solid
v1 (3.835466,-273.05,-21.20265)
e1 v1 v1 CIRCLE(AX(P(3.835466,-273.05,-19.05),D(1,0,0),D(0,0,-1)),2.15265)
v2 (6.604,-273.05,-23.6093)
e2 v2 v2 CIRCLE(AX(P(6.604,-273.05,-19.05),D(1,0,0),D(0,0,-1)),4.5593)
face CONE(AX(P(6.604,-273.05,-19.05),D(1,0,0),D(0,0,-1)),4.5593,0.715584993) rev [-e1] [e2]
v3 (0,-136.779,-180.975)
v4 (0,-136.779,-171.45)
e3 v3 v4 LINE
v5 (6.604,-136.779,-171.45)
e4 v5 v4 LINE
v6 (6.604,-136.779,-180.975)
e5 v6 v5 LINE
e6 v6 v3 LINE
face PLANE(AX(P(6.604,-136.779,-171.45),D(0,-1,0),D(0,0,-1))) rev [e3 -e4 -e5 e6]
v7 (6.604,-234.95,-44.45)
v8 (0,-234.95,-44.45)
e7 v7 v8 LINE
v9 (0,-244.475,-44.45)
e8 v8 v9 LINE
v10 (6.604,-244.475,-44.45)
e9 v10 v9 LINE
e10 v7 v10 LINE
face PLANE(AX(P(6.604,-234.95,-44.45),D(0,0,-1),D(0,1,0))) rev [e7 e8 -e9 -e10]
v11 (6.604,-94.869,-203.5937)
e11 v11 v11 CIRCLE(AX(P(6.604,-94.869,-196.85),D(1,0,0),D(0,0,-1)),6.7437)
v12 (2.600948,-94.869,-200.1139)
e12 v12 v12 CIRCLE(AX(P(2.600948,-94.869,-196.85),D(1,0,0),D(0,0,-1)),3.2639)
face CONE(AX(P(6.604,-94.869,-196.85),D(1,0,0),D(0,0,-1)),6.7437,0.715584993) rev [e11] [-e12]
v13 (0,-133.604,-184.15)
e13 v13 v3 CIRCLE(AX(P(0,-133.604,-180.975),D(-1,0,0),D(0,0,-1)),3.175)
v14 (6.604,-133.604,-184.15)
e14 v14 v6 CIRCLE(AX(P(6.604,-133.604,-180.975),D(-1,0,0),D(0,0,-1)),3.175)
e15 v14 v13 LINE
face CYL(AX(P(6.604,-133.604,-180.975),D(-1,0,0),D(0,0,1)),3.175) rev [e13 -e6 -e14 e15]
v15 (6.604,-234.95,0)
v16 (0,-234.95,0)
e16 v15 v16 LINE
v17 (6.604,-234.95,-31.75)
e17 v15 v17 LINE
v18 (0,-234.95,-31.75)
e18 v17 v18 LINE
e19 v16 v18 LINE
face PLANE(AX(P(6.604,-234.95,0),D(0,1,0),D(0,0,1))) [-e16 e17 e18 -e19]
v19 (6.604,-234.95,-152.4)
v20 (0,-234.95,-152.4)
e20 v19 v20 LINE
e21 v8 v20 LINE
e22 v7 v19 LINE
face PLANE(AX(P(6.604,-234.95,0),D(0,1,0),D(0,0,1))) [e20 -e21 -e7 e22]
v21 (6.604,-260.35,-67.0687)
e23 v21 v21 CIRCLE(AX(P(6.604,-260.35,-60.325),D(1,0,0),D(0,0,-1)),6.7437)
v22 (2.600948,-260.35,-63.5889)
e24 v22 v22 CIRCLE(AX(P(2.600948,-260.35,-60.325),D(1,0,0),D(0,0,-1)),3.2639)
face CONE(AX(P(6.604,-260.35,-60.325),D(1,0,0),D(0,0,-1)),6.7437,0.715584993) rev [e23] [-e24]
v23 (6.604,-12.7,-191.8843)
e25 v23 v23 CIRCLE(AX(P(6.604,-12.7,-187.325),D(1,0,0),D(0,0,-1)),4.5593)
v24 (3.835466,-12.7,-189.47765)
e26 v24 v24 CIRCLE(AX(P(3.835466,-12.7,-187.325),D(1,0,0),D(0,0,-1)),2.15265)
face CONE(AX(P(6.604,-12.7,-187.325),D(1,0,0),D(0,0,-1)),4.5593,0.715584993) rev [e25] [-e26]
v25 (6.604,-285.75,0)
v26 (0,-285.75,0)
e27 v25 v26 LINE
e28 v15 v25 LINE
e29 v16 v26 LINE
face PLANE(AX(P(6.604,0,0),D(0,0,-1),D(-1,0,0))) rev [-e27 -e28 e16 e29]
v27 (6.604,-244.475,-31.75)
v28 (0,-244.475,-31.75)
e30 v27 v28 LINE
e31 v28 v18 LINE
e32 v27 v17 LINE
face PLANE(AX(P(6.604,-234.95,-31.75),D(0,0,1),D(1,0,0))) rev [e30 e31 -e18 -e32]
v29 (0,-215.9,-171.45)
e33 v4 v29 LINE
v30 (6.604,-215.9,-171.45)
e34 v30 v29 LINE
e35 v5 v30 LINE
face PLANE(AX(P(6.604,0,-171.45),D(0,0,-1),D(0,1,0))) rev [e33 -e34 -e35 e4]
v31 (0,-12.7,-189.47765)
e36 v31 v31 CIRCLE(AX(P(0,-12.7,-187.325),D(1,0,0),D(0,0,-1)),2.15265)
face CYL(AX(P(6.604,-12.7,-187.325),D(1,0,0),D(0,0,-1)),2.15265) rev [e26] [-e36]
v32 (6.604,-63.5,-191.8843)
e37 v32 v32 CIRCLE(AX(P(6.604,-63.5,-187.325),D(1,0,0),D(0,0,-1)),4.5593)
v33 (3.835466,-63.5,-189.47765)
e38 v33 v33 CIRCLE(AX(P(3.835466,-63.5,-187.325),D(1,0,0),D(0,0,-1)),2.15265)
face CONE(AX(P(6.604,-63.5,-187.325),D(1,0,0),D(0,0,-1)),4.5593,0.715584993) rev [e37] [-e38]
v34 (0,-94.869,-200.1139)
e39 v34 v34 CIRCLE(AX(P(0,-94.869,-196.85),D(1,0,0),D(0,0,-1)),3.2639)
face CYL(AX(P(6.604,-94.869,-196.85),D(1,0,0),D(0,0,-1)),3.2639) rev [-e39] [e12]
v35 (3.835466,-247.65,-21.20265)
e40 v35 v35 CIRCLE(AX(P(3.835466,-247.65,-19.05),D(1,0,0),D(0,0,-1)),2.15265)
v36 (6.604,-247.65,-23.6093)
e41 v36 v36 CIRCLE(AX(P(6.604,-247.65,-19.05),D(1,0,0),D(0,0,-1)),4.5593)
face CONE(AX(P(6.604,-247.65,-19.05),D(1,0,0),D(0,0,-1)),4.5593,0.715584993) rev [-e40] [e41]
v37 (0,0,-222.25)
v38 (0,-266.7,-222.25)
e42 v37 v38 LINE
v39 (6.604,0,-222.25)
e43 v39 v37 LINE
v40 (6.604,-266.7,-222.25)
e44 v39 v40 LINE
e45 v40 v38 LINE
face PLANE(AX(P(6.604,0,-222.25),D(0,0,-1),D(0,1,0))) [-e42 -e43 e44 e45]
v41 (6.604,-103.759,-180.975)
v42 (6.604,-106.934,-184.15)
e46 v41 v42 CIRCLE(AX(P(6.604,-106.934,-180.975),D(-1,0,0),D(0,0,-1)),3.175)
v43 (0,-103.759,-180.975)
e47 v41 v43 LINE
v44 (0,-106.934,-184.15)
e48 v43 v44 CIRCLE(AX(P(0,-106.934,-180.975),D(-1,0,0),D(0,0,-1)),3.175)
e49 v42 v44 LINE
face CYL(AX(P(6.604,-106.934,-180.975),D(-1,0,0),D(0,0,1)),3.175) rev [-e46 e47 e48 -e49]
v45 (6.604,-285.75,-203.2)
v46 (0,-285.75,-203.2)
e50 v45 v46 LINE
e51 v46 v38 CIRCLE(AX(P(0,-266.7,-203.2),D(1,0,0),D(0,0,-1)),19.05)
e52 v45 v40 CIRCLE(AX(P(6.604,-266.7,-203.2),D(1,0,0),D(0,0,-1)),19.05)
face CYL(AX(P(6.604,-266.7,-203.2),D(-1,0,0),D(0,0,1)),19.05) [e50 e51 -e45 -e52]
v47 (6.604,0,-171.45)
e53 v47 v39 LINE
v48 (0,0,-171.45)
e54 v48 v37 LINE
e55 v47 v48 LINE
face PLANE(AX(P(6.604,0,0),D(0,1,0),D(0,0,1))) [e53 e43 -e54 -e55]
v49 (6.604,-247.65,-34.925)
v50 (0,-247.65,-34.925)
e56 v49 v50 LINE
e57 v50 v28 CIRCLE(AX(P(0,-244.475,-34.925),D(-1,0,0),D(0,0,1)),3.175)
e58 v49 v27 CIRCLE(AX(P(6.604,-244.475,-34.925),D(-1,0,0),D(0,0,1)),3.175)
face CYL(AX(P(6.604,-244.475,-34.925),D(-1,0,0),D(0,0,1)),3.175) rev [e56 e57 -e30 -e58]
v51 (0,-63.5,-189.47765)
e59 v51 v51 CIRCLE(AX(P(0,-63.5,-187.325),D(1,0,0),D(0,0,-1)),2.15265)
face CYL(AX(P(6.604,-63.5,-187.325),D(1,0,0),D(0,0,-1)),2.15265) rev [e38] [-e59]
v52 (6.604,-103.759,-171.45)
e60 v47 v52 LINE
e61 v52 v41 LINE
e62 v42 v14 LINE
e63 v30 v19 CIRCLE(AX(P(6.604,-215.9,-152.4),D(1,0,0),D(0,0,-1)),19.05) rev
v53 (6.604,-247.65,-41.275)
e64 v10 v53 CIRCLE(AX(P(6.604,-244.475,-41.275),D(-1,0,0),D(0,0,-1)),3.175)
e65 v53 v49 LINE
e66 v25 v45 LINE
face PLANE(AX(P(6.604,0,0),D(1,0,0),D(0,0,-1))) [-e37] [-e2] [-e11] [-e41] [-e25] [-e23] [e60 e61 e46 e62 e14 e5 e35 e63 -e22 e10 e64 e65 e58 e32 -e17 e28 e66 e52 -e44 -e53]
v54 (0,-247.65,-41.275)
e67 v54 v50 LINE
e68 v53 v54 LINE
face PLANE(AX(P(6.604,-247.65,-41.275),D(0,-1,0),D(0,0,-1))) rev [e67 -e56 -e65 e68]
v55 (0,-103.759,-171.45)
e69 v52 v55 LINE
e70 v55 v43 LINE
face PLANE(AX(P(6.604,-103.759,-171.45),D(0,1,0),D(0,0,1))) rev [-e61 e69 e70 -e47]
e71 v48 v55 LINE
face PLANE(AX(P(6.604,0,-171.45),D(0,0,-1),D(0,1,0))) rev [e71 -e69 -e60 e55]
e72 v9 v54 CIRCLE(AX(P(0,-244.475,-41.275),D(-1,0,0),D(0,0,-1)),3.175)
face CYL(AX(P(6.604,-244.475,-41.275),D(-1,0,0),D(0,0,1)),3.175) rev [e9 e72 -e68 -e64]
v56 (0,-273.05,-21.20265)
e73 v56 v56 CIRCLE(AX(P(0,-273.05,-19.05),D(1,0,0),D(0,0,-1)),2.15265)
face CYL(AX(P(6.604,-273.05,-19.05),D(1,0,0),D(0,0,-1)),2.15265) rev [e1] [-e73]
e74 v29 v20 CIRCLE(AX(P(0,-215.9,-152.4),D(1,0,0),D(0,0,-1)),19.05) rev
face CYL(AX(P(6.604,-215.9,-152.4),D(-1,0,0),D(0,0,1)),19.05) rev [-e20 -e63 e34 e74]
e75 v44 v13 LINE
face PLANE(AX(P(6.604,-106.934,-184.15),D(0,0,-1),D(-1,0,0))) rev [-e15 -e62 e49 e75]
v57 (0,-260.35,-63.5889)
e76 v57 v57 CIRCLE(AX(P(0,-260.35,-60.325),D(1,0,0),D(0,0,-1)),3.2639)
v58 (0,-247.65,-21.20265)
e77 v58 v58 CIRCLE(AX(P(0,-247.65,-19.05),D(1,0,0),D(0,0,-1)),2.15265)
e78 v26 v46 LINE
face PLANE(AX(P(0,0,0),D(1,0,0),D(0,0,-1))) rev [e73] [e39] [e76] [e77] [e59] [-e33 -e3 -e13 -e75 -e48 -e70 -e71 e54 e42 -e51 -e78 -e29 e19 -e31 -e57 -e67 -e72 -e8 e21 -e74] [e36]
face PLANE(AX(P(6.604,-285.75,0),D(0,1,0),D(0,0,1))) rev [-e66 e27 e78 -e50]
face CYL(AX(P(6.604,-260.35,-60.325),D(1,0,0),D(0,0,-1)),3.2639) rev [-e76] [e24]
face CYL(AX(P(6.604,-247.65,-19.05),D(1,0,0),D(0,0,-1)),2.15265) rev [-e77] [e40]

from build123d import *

# Parameters (mm, degrees)
BOSS_EXTRUDE2_DEPTH                               = 6.604
CSK_FOR_8_FLAT_HEAD_SOCKET_CAP_SCREW1_D           = 4.3053
CSK_FOR_8_FLAT_HEAD_SOCKET_CAP_SCREW1_CSINK_D     = 9.1186
CSK_FOR_8_FLAT_HEAD_SOCKET_CAP_SCREW1_CSINK_ANGLE = 82
CSK_FOR_8_FLAT_HEAD_SOCKET_CAP_SCREW2_D           = 4.3053
CSK_FOR_8_FLAT_HEAD_SOCKET_CAP_SCREW2_CSINK_D     = 9.1186
CSK_FOR_8_FLAT_HEAD_SOCKET_CAP_SCREW2_CSINK_ANGLE = 82
CSK_FOR_1_4_FLAT_HEAD_SOCKET_CAP_SCR_2_COUNT      = 2
CSK_FOR_1_4_FLAT_HEAD_SOCKET_CAP_SCR_2_PITCH      = 214.529804424
CUT_EXTRUDE1_DEPTH                                = 7.604


with BuildPart() as part:
    # Sketch1 → Boss-Extrude2 (new body)
    with BuildSketch(Plane(origin=(0, 0, 0), x_dir=(0, 0, -1), z_dir=(1, 0, 0))):
        with BuildLine():
            Line((0, -234.95), (0, -285.75))
            Line((0, -285.75), (203.2, -285.75))
            ThreePointArc((203.2, -285.75), (216.670384182, -280.170384182), (222.25, -266.7))
            Line((222.25, -266.7), (222.25, 0))
            Line((222.25, 0), (171.45, 0))
            Line((171.45, 0), (171.45, -215.9))
            ThreePointArc((171.45, -215.9), (165.870384182, -229.370384182), (152.4, -234.95))
            Line((152.4, -234.95), (0, -234.95))
        make_face()
    extrude(amount=BOSS_EXTRUDE2_DEPTH)

    # CSK for #8 Flat Head Socket Cap Screw1 (through all)
    with Locations(Plane(origin=(6.604, -103.971373163, -28.9631092), x_dir=(0, 0, 1), z_dir=(1, 0, 0))):
        with Locations((-158.3618908, -91.271373163), (-158.3618908, -40.471373163)):
            CounterSinkHole(CSK_FOR_8_FLAT_HEAD_SOCKET_CAP_SCREW1_D / 2, CSK_FOR_8_FLAT_HEAD_SOCKET_CAP_SCREW1_CSINK_D / 2, counter_sink_angle=CSK_FOR_8_FLAT_HEAD_SOCKET_CAP_SCREW1_CSINK_ANGLE)

    # CSK for #8 Flat Head Socket Cap Screw2 (through all)
    with Locations(Plane(origin=(6.604, 143.822396254, -169.282653802), x_dir=(0, 0, 1), z_dir=(1, 0, 0))):
        with Locations((150.232653802, 391.472396254), (150.232653802, 416.872396254)):
            CounterSinkHole(CSK_FOR_8_FLAT_HEAD_SOCKET_CAP_SCREW2_D / 2, CSK_FOR_8_FLAT_HEAD_SOCKET_CAP_SCREW2_CSINK_D / 2, counter_sink_angle=CSK_FOR_8_FLAT_HEAD_SOCKET_CAP_SCREW2_CSINK_ANGLE)

    # Sketch9 → CSK for 1/4 Flat Head Socket Cap Screw1 (revolve, cut)
    with BuildSketch(Plane(origin=(6.604, -94.869, -196.85), x_dir=(0, 0, -1), z_dir=(0, 1, 0))):
        Polygon((0, 0), (0, 6.604), (3.2639, 6.604), (3.2639, 4.003051983), (6.7437, 0), align=None)
    csk_for_1_4_flat_head_socket_cap_screw1 = revolve(axis=Axis((12.954, -94.869, -196.85), (-1, 0, 0)), mode=Mode.SUBTRACT)

    # CSK for 1_4 Flat Head Socket Cap Scr 2: CSK for 1/4 Flat Head Socket Cap Screw1 ×2
    with Locations(*[Vector(0, -0.771366013, 0.636391761) * (i * CSK_FOR_1_4_FLAT_HEAD_SOCKET_CAP_SCR_2_PITCH) for i in range(1, CSK_FOR_1_4_FLAT_HEAD_SOCKET_CAP_SCR_2_COUNT)]):
        add(csk_for_1_4_flat_head_socket_cap_screw1, mode=Mode.SUBTRACT)

    # Sketch11 → Cut-Extrude1 (cut, through all)
    with BuildSketch(Plane.ZY):
        with BuildLine():
            Line((-171.45, -103.759), (-180.975, -103.759))
            ThreePointArc((-180.975, -103.759), (-183.22006403, -104.68893597), (-184.15, -106.934))
            Line((-184.15, -106.934), (-184.15, -133.604))
            ThreePointArc((-184.15, -133.604), (-183.22006403, -135.84906403), (-180.975, -136.779))
            Line((-180.975, -136.779), (-171.45, -136.779))
            Line((-171.45, -136.779), (-171.45, -103.759))
        make_face()
        with BuildLine():
            Line((-44.45, -234.95), (-31.75, -234.95))
            Line((-31.75, -234.95), (-31.75, -244.475))
            ThreePointArc((-31.75, -244.475), (-32.67993597, -246.72006403), (-34.925, -247.65))
            Line((-34.925, -247.65), (-41.275, -247.65))
            ThreePointArc((-41.275, -247.65), (-43.52006403, -246.72006403), (-44.45, -244.475))
            Line((-44.45, -244.475), (-44.45, -234.95))
        make_face()
    extrude(amount=-CUT_EXTRUDE1_DEPTH, mode=Mode.SUBTRACT)


solid = part.part
